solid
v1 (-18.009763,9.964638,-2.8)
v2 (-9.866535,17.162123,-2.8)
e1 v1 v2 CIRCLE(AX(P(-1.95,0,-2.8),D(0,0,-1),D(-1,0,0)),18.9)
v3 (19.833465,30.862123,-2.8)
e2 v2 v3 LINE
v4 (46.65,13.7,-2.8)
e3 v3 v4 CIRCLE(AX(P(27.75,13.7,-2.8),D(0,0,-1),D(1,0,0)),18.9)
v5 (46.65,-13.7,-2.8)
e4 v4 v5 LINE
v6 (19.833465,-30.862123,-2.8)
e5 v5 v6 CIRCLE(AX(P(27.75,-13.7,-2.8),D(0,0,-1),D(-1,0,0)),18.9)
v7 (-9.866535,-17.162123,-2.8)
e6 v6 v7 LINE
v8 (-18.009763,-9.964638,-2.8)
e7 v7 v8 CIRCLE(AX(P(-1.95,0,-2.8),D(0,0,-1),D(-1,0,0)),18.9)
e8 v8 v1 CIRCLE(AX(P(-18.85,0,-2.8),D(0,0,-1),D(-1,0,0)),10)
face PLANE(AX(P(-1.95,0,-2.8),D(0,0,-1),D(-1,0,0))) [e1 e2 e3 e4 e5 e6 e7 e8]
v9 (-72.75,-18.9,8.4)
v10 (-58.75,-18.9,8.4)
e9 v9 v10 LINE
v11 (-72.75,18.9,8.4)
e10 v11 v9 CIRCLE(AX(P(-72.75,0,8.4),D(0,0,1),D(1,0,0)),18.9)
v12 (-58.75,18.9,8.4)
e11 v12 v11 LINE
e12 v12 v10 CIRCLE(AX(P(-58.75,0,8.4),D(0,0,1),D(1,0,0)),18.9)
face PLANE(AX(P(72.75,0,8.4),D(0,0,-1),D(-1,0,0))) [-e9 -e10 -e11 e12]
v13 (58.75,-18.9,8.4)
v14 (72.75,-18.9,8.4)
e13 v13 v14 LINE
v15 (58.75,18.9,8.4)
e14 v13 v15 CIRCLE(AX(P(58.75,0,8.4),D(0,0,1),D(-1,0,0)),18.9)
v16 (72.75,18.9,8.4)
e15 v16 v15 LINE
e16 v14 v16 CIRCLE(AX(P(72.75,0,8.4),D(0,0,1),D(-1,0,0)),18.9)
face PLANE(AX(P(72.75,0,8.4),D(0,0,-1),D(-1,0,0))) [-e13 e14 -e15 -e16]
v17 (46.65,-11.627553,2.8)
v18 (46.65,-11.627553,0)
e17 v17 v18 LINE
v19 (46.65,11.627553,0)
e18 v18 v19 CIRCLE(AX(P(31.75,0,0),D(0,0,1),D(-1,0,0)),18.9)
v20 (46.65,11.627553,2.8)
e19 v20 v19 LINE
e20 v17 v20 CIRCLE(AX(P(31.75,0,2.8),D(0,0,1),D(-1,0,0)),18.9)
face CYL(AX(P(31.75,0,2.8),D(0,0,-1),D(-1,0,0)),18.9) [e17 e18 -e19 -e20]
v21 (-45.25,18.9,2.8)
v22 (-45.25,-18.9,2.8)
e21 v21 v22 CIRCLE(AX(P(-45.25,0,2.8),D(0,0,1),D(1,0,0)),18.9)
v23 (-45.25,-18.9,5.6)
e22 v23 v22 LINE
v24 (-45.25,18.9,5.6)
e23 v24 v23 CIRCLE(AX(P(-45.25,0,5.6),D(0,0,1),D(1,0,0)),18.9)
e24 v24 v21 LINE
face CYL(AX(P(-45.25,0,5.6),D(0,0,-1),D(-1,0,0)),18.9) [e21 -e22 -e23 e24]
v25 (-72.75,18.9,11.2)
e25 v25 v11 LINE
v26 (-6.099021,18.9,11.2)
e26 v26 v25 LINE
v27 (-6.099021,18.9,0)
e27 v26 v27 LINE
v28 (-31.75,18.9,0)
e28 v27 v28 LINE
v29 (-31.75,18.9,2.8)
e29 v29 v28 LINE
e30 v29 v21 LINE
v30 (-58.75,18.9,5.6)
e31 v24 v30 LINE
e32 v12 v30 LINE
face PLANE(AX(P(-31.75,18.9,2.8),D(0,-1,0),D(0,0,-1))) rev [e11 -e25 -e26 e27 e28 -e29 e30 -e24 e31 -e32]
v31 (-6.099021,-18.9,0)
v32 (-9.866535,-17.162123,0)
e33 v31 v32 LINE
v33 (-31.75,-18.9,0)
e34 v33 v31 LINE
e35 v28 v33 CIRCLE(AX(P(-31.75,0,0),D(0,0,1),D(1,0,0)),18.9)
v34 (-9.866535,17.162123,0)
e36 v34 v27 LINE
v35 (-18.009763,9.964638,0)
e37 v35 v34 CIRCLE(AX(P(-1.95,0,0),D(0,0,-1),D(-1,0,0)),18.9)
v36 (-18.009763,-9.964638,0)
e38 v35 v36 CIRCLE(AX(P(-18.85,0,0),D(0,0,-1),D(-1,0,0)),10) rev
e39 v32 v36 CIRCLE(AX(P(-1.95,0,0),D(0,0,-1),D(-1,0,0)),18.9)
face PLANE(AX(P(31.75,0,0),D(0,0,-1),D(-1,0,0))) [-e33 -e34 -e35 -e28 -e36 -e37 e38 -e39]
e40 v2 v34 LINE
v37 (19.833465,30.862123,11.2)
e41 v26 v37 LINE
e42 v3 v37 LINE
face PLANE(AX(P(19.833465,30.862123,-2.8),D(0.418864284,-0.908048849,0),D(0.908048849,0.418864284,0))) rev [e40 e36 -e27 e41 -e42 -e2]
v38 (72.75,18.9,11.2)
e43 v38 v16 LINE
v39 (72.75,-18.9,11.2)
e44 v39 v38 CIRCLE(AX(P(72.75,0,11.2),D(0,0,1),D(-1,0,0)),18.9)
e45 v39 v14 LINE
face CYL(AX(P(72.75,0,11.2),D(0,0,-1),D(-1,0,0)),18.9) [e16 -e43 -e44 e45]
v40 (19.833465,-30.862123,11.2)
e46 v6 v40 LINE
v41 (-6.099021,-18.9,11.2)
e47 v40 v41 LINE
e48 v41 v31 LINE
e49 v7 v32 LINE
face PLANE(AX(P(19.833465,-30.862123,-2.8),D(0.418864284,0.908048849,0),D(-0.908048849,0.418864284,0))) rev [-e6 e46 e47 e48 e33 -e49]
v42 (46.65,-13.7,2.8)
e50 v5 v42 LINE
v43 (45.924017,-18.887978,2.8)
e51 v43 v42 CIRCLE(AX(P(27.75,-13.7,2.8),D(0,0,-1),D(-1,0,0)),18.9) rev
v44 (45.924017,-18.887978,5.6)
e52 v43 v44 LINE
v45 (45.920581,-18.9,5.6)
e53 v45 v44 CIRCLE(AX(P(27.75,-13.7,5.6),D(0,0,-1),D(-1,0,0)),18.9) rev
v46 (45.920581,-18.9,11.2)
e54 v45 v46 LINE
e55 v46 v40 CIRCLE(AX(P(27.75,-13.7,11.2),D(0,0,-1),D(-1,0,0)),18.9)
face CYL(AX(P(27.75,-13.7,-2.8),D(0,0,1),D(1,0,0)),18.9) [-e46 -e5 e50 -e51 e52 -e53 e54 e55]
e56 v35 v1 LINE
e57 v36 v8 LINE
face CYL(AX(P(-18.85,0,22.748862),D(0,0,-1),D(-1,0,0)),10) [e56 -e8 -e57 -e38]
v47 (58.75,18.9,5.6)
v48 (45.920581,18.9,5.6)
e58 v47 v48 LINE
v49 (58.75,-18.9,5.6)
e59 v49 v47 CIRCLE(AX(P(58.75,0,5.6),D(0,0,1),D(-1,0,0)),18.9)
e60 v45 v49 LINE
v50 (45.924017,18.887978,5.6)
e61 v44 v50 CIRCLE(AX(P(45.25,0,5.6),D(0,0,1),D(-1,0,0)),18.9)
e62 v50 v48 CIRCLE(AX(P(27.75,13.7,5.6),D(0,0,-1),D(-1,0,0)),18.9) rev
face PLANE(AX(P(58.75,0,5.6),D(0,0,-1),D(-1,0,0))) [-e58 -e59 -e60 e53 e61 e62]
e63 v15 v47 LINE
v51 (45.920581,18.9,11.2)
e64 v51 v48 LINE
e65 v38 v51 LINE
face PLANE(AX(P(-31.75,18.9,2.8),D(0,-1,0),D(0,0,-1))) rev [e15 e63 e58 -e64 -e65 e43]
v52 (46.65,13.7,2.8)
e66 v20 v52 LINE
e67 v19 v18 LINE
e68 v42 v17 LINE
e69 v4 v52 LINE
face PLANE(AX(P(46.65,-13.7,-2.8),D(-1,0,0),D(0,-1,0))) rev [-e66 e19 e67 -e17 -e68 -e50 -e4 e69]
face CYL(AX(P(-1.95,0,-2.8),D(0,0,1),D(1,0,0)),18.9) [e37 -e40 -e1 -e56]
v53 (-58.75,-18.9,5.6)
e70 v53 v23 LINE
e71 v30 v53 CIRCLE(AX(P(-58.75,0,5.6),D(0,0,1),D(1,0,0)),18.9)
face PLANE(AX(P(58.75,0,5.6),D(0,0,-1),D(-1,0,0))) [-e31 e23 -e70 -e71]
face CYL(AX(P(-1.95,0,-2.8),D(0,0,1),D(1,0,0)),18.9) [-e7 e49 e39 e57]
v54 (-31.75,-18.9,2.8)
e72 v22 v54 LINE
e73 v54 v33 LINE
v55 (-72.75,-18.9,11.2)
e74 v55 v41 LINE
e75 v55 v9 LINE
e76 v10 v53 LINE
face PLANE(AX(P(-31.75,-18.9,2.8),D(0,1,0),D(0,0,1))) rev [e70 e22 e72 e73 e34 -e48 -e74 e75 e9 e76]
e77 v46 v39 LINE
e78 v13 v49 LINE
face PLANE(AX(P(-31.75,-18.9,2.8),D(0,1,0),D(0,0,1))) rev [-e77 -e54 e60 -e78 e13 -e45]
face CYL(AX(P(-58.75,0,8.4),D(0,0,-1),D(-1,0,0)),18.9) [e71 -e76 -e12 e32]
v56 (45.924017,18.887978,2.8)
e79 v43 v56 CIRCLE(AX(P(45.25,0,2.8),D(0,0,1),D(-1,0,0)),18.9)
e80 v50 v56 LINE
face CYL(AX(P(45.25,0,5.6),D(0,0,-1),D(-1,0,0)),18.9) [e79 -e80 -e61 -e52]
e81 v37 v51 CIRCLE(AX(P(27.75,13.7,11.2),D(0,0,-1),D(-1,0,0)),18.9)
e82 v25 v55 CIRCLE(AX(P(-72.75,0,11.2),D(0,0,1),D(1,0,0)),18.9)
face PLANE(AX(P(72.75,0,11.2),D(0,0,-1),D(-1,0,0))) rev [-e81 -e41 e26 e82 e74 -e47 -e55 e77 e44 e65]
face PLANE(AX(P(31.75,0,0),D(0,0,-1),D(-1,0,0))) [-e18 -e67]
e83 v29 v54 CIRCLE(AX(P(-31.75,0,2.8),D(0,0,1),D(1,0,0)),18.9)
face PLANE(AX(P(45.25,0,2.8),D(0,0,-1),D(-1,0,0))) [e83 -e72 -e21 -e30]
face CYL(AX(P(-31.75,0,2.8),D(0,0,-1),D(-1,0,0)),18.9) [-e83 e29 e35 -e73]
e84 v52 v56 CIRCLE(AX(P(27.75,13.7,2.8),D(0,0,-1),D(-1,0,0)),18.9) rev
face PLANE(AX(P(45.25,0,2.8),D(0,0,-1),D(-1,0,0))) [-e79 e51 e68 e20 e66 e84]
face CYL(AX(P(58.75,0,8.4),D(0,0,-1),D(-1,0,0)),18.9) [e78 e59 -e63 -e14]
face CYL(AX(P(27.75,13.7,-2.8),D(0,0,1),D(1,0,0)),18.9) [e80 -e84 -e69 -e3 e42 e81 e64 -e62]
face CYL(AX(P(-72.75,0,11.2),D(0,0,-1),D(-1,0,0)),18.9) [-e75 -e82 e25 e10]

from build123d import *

# Parameters (mm, degrees)
BOSS_EXTRUDE1_DEPTH = 2.8
BOSS_EXTRUDE5_DEPTH = 2.8
BOSS_EXTRUDE2_DEPTH = 2.8
BOSS_EXTRUDE3_DEPTH = 2.8
BOSS_EXTRUDE4_DEPTH = 2.8
BOSS_EXTRUDE6_DEPTH = 11.2
BOSS_EXTRUDE7_START = -2.8
BOSS_EXTRUDE7_DEPTH = 2.8


with BuildPart() as part:
    # Sketch1 → Boss-Extrude1 (new body)
    with BuildSketch(Plane.XY):
        with BuildLine():
            Line((-31.75, 18.9), (31.75, 18.9))
            ThreePointArc((31.75, 18.9), (50.65, 0), (31.75, -18.9))
            Line((31.75, -18.9), (-31.75, -18.9))
            ThreePointArc((-31.75, -18.9), (-50.65, 0), (-31.75, 18.9))
        make_face()
    extrude(amount=BOSS_EXTRUDE1_DEPTH)

    # Sketch5 → Boss-Extrude5 (add)
    with BuildSketch(Plane(origin=(0, 0, 0), x_dir=(-1, 0, 0), z_dir=(0, 0, -1))):
        with BuildLine():
            Line((-46.65, -13.7), (-46.65, 13.7))
            ThreePointArc((-46.65, 13.7), (-37.937921505, 29.619053219), (-19.833465037, 30.862123242))
            Line((-19.833465037, 30.862123242), (9.866534963, 17.162123242))
            ThreePointArc((9.866534963, 17.162123242), (20.85, 0), (9.866534963, -17.162123242))
            Line((9.866534963, -17.162123242), (-19.833465037, -30.862123242))
            ThreePointArc((-19.833465037, -30.862123242), (-37.937921505, -29.619053219), (-46.65, -13.7))
        make_face()
    extrude(amount=BOSS_EXTRUDE5_DEPTH)

    # Sketch2 → Boss-Extrude2 (add)
    with BuildSketch(Plane.XY.offset(2.8)):
        with BuildLine():
            Line((-45.25, 18.9), (45.25, 18.9))
            ThreePointArc((45.25, 18.9), (64.15, 0), (45.25, -18.9))
            Line((45.25, -18.9), (-45.25, -18.9))
            ThreePointArc((-45.25, -18.9), (-64.15, 0), (-45.25, 18.9))
        make_face()
    extrude(amount=BOSS_EXTRUDE2_DEPTH)

    # Sketch3 → Boss-Extrude3 (add)
    with BuildSketch(Plane.XY.offset(5.6)):
        with BuildLine():
            Line((-58.75, 18.9), (58.75, 18.9))
            ThreePointArc((58.75, 18.9), (77.65, 0), (58.75, -18.9))
            Line((58.75, -18.9), (-58.75, -18.9))
            ThreePointArc((-58.75, -18.9), (-77.65, 0), (-58.75, 18.9))
        make_face()
    extrude(amount=BOSS_EXTRUDE3_DEPTH)

    # Sketch4 → Boss-Extrude4 (add)
    with BuildSketch(Plane.XY.offset(8.4)):
        with BuildLine():
            Line((-72.75, 18.9), (72.75, 18.9))
            ThreePointArc((72.75, 18.9), (91.65, 0), (72.75, -18.9))
            Line((72.75, -18.9), (-72.75, -18.9))
            ThreePointArc((-72.75, -18.9), (-91.65, 0), (-72.75, 18.9))
        make_face()
    extrude(amount=BOSS_EXTRUDE4_DEPTH)

    # Sketch7 → Boss-Extrude6 (add)
    with BuildSketch(Plane.XY):
        with BuildLine():
            Line((31.75, -18.9), (-6.099021116, -18.9))
            Line((-6.099021116, -18.9), (19.833465037, -30.862123242))
            ThreePointArc((19.833465037, -30.862123242), (37.937921505, -29.619053219), (46.65, -13.7))
            Line((46.65, -13.7), (46.65, -11.627553483))
            ThreePointArc((46.65, -11.627553483), (40.040031338, -16.984857386), (31.75, -18.9))
        make_face()
        with BuildLine():
            Line((46.65, 11.627553483), (46.65, 13.7))
            ThreePointArc((46.65, 13.7), (37.937921505, 29.619053219), (19.833465037, 30.862123242))
            Line((19.833465037, 30.862123242), (-6.099021116, 18.9))
            Line((-6.099021116, 18.9), (31.75, 18.9))
            ThreePointArc((31.75, 18.9), (40.040031338, 16.984857386), (46.65, 11.627553483))
        make_face()
    extrude(amount=BOSS_EXTRUDE6_DEPTH)

    # Sketch10 → Boss-Extrude7 (add)
    with BuildSketch(Plane(origin=(0, 0, -2.8), x_dir=(-1, 0, 0), z_dir=(0, 0, -1)).offset(BOSS_EXTRUDE7_START)):
        with BuildLine():
            ThreePointArc((18.009763314, -9.964637591), (28.85, 0), (18.009763314, 9.964637591))
            ThreePointArc((18.009763314, 9.964637591), (20.85, 0), (18.009763314, -9.964637591))
        make_face()
    extrude(amount=BOSS_EXTRUDE7_DEPTH)


solid = part.part
